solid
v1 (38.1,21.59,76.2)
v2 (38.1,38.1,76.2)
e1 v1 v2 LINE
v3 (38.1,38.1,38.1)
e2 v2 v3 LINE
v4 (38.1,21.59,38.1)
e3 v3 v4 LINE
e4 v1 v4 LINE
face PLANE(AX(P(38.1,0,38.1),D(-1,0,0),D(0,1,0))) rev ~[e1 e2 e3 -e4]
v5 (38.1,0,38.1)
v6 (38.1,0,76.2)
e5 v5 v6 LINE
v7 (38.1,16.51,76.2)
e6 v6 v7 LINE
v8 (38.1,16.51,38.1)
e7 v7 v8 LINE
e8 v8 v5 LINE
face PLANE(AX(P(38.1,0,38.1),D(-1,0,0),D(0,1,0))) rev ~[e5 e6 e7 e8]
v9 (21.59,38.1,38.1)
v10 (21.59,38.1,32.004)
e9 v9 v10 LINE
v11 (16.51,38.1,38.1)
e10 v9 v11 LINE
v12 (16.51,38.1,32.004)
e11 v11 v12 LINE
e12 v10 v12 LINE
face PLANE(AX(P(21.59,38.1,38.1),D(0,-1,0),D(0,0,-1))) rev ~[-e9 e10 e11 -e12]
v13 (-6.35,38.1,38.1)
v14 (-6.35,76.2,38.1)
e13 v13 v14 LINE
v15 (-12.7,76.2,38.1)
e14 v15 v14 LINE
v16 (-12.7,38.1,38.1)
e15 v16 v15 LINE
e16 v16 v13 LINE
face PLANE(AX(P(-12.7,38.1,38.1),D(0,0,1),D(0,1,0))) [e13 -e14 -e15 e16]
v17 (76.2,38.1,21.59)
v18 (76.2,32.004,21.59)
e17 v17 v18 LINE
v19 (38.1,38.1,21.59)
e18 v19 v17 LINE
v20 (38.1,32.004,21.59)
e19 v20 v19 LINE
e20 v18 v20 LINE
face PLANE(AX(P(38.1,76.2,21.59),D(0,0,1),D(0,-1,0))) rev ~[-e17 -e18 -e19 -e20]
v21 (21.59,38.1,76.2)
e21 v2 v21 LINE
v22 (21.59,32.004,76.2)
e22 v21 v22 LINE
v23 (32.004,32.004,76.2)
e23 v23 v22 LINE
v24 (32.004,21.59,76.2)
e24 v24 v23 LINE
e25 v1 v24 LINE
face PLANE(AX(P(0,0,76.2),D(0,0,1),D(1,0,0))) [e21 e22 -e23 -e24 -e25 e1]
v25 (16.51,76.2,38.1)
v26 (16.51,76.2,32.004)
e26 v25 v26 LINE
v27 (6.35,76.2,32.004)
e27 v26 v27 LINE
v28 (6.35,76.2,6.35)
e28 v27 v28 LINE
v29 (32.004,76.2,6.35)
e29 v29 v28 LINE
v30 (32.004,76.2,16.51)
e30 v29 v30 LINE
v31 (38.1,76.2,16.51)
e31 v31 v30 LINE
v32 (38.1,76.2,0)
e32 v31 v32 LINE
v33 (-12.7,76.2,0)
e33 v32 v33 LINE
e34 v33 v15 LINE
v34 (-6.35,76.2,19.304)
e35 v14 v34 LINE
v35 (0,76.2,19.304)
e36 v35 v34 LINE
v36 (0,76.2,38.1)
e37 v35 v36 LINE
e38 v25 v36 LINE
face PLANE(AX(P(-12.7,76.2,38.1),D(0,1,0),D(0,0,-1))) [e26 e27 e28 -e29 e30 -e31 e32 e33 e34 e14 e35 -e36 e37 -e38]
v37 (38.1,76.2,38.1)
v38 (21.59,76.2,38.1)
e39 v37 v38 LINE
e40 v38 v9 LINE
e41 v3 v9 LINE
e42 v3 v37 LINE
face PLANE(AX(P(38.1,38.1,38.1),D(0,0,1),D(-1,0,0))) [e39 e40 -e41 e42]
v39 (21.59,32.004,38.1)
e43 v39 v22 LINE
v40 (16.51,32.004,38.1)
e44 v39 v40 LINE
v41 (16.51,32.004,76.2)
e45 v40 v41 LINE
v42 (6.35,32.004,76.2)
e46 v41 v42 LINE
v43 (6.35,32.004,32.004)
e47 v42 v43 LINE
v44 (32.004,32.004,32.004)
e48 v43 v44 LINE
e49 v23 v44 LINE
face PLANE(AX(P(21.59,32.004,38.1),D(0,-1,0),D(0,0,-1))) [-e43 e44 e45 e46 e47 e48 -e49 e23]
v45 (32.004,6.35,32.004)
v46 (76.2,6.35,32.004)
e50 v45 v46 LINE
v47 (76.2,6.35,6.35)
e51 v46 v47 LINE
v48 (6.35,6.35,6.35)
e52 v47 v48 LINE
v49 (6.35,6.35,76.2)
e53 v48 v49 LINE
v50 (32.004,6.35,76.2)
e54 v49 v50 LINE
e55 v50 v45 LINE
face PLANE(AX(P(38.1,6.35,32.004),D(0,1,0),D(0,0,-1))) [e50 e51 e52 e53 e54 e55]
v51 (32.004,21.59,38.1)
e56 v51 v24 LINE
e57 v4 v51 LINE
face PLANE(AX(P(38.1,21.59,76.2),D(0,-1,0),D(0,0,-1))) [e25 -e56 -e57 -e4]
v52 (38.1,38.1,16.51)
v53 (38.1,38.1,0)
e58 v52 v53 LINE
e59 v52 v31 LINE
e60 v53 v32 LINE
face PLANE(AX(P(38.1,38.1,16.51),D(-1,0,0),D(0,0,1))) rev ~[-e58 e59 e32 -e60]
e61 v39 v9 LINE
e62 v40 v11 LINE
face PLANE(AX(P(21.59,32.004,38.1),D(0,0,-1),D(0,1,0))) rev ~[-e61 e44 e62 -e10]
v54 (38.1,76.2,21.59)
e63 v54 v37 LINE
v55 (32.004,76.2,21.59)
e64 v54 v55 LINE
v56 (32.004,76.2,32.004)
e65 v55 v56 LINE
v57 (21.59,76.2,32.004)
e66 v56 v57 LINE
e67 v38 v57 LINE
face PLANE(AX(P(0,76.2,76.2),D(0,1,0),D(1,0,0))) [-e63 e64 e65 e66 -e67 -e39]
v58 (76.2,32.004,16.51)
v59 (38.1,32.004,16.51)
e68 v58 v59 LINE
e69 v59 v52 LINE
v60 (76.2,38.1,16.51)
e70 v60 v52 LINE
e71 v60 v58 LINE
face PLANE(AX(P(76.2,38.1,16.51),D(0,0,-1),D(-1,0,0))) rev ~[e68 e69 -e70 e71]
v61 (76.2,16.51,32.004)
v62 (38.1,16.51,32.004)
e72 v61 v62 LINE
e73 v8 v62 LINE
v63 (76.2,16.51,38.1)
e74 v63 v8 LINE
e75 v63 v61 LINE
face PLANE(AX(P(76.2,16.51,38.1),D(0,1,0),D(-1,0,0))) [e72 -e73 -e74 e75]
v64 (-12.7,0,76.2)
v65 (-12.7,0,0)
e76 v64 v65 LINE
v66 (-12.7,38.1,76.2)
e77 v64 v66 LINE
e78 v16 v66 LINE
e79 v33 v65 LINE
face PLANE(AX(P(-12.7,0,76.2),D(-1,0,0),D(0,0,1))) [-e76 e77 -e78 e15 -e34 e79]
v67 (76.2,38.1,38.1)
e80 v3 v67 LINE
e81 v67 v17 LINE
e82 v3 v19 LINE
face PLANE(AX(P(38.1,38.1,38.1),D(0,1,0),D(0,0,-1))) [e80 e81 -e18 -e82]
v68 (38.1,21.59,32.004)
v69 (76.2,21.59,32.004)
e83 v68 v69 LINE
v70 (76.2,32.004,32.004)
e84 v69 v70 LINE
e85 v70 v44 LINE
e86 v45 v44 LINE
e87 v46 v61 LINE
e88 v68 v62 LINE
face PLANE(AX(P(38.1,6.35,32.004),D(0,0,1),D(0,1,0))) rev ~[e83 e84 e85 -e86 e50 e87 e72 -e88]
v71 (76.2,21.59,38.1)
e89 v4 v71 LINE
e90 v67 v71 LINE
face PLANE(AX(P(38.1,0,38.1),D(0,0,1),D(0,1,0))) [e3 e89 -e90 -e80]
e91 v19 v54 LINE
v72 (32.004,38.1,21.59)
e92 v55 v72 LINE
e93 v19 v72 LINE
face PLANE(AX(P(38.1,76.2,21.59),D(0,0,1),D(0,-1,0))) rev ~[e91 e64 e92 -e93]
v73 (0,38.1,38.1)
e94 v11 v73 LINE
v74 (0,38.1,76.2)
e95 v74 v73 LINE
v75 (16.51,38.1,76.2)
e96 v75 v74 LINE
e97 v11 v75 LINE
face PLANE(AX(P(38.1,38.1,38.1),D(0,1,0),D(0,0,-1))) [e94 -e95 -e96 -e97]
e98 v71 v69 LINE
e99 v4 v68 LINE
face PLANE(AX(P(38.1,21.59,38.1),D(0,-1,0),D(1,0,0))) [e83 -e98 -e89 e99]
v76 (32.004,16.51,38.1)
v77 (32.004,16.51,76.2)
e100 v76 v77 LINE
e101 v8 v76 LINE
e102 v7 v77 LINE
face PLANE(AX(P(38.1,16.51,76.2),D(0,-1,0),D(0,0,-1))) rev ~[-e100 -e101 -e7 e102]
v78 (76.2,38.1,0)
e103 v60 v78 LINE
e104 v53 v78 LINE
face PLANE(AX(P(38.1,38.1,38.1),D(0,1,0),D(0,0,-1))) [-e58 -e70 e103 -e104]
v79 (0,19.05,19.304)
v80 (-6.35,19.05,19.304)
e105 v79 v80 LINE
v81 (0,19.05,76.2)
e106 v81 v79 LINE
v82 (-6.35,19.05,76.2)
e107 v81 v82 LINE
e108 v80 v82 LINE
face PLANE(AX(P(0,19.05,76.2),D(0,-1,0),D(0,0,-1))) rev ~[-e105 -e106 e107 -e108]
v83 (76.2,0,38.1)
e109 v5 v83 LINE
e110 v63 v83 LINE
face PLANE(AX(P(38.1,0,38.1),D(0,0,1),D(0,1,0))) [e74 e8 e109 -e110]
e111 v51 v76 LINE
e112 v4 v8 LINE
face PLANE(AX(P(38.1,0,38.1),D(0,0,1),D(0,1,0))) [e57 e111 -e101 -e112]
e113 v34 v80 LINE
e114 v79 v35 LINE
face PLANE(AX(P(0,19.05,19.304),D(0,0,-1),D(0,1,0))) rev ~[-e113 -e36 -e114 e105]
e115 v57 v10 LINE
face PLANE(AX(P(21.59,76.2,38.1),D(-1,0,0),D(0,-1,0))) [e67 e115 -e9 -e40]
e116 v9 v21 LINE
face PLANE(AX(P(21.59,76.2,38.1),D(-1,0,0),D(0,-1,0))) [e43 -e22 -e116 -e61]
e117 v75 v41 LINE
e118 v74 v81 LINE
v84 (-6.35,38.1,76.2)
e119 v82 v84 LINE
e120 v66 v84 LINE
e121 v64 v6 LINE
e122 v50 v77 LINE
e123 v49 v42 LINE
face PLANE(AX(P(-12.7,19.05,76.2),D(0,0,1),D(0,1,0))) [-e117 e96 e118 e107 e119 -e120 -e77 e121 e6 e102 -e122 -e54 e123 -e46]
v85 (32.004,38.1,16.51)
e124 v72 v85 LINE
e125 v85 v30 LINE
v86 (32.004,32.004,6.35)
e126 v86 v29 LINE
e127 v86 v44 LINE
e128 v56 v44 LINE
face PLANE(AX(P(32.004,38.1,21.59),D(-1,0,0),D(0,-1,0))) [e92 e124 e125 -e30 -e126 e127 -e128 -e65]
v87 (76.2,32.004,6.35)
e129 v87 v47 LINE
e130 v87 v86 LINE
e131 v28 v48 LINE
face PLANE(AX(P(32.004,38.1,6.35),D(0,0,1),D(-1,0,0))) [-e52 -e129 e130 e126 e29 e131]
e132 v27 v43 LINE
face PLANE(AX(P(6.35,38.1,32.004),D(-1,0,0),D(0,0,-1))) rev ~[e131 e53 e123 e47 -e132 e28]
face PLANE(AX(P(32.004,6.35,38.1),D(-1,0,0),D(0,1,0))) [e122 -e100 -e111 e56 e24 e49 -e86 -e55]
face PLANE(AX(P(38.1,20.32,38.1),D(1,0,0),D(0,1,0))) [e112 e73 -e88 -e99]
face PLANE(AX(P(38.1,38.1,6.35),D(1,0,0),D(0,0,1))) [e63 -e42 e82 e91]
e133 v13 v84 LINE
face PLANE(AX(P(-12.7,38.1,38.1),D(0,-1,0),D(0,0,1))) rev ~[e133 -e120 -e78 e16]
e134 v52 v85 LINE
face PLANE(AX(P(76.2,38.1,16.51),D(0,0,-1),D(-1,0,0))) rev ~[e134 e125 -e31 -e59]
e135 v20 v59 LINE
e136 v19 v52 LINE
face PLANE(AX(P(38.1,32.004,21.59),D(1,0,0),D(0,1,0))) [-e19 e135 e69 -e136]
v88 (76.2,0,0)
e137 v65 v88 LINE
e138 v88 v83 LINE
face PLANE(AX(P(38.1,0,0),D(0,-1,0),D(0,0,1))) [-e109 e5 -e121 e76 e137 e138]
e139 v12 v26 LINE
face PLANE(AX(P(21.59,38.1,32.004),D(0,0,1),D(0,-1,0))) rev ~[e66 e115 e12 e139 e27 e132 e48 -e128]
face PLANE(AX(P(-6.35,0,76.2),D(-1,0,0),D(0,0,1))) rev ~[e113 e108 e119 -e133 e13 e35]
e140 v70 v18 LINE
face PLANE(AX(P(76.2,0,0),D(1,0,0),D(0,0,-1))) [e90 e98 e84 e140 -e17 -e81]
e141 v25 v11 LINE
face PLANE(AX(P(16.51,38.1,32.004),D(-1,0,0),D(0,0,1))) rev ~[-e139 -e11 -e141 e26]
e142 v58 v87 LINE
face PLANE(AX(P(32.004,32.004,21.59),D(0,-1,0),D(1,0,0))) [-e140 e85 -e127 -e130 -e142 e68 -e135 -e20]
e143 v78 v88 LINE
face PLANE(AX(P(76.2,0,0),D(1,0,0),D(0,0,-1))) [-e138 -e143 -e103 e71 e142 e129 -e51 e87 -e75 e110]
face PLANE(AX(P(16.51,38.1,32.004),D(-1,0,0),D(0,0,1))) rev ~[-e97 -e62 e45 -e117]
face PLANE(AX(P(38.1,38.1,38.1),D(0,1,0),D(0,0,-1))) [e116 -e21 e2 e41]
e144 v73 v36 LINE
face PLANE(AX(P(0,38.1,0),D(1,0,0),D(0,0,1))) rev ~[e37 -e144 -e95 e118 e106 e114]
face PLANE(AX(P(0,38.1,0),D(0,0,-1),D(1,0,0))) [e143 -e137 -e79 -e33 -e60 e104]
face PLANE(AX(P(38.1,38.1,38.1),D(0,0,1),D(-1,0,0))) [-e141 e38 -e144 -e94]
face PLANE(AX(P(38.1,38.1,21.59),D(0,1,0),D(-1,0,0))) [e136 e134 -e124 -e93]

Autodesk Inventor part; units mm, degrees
ref_plane "YZ Plane" through (0, 0, 0) normal (1, 0, 0) x (0, 1, 0)
ref_plane "XZ Plane" through (0, 0, 0) normal (0, 1, 0) x (-1, 0, 0)
ref_plane "XY Plane" through (0, 0, 0) normal (0, 0, 1) x (1, 0, 0)
sketch "Sketch1" plane through (0, 0, 0) normal (0, 0, 1) x (1, 0, 0)
  line L0 (0, 0) -> (38.1, 0)
  line L1 (38.1, 0) -> (38.1, 38.1)
  line L2 (38.1, 38.1) -> (0, 38.1)
  line L3 (0, 38.1) -> (0, 0)
  dimension "d0" = 38.1
  dimension "d1" = 38.1
extrude "Extrusion1" add sketch "Sketch1" along normal blind 38.1
sketch "Sketch2" plane through (0, 0, 38.1) normal (0, 0, 1) x (1, 0, 0)
  line L0 (6.35, 6.35) -> (32.004, 6.35)
  line L1 (32.004, 6.35) -> (32.004, 32.004)
  line L2 (32.004, 32.004) -> (6.35, 32.004)
  line L3 (6.35, 32.004) -> (6.35, 6.35)
  line L4 (38.1, 0) -> (38.1, 38.1) projected
  line L5 (0, 0) -> (38.1, 0)
  line L6 (38.1, 0) -> (38.1, 38.1)
  line L7 (38.1, 38.1) -> (0, 38.1)
  line L8 (0, 38.1) -> (0, 0)
  dimension "d4" = 25.654
  dimension "d5" = 25.654
extrude "Extrusion2" cut sketch "Sketch2" against normal blind 31.75 contours L3 L2 L1 L0
sketch "Sketch5" plane through (0, 0, 38.1) normal (0, 0, 1) x (1, 0, 0)
  line L0 (6.35, 6.35) -> (6.35, 32.004) projected
  line L1 (6.35, 6.35) -> (32.004, 6.35)
  line L2 (32.004, 6.35) -> (32.004, 32.004)
  line L3 (32.004, 32.004) -> (6.35, 32.004)
  line L4 (6.35, 32.004) -> (6.35, 6.35)
  line L5 (0, 0) -> (38.1, 0) projected
  line L6 (0, 0) -> (38.1, 0)
  line L7 (38.1, 0) -> (38.1, 38.1)
  line L8 (38.1, 38.1) -> (0, 38.1)
  line L9 (0, 38.1) -> (0, 0)
extrude "Extrusion4" add sketch "Sketch5" along normal blind 38.1
sketch "Sketch7" plane through (38.1, 0, 0) normal (1, 0, 0) x (0, 0, -1)
  line L0 (0, 0) -> (-76.2, 0) projected
  line L1 (0, 0) -> (-38.1, 0)
  line L2 (-38.1, 0) -> (-38.1, 38.1)
  line L3 (-38.1, 38.1) -> (0, 38.1)
  line L4 (0, 38.1) -> (0, 0)
  line L5 (-76.2, 6.35) -> (-6.35, 6.35) projected
  line L6 (-6.35, 6.35) -> (-32.004, 6.35)
  line L7 (-32.004, 6.35) -> (-32.004, 32.004)
  line L8 (-32.004, 32.004) -> (-6.35, 32.004)
  line L9 (-6.35, 32.004) -> (-6.35, 6.35)
  dimension "d16" = 38.1
  dimension "d17" = 38.1
  dimension "d20" = 25.654
  dimension "d21" = 25.654
extrude "Extrusion6" add sketch "Sketch7" along normal blind 38.1
sketch "Sketch9" plane through (38.1, 6.35, 6.35) normal (1, 0, 0) x (0, 0, -1)
  line L0 (-25.654, 0) -> (-25.654, 25.654) projected
  line L1 (0, 0) -> (0, 25.654) projected
  line L2 (-25.654, 0) -> (0, 0)
  line L3 (0, 0) -> (0, 25.654)
  line L4 (0, 25.654) -> (-25.654, 25.654)
  line L5 (-25.654, 25.654) -> (-25.654, 0)
  point P0 (6.35, -6.35)
extrude "Extrusion7" cut sketch "Sketch9" against normal blind 31.75
sketch "Sketch10" plane through (0, 38.1, 76.2) normal (0, 1, 0) x (1, 0, 0)
  line L0 (76.2, 69.85) -> (6.35, 69.85) projected
  line L1 (6.35, 69.85) -> (32.004, 69.85)
  line L2 (32.004, 69.85) -> (32.004, 44.196)
  line L3 (32.004, 44.196) -> (6.35, 44.196)
  line L4 (6.35, 44.196) -> (6.35, 69.85)
  line L5 (38.1, 38.1) -> (38.1, 0) projected
  line L6 (0, 76.2) -> (0, 0) projected
  line L7 (38.1, 38.1) -> (0, 38.1)
  line L8 (0, 38.1) -> (0, 76.2)
  line L9 (0, 76.2) -> (38.1, 76.2)
  line L10 (38.1, 76.2) -> (38.1, 38.1)
  point P0 (0, 38.1)
  dimension "d26" = 25.654
  dimension "d27" = 25.654
extrude "Extrusion8" add sketch "Sketch10" along normal blind 38.1
sketch "Sketch11" plane through (6.35, 38.1, 6.35) normal (0, 1, 0) x (1, 0, 0)
  line L0 (0, -25.654) -> (25.654, -25.654) projected
  line L1 (25.654, -25.654) -> (0, -25.654)
  line L2 (0, -25.654) -> (0, 0)
  line L3 (0, 0) -> (25.654, 0)
  line L4 (25.654, 0) -> (25.654, -25.654)
  point P0 (-6.35, 6.35)
extrude "Extrusion9" cut sketch "Sketch11" against normal blind 6.35
sketch "Sketch12" plane through (0, 76.2, 76.2) normal (0, 1, 0) x (1, 0, 0)
  line L0 (38.1, 55.88) -> (32.004, 55.88)
  line L1 (32.004, 55.88) -> (32.004, 58.42)
  line L2 (32.004, 58.42) -> (38.1, 58.42)
  line L3 (38.1, 58.42) -> (38.1, 55.88)
  point P0 (0, 76.2)
  dimension "d32" = 6.096
  dimension "d33" = 2.54
extrude "Extrusion10" cut sketch "Sketch12" against normal blind 38.1
sketch "Sketch13" plane through (76.2, 38.1, 38.1) normal (0, 1, 0) x (1, 0, 0)
  line L0 (0, 31.75) -> (0, 6.096) projected
  line L1 (-44.196, 17.78) -> (0, 17.78)
  line L2 (0, 17.78) -> (0, 20.32)
  line L3 (0, 20.32) -> (-44.196, 20.32)
  line L4 (-44.196, 20.32) -> (-44.196, 17.78)
  point P0 (-76.2, 38.1)
  dimension "d36" = 2.54
extrude "Extrusion11" cut sketch "Sketch13" against normal blind 6.35
sketch "Sketch15" plane through (0, 76.2, 76.2) normal (0, 1, 0) x (1, 0, 0)
  line L0 (17.78, 38.1) -> (20.32, 38.1)
  line L1 (20.32, 38.1) -> (20.32, 44.196)
  line L2 (20.32, 44.196) -> (17.78, 44.196)
  line L3 (17.78, 44.196) -> (17.78, 38.1)
  point P0 (0, 76.2)
  dimension "d39" = 2.54
  dimension "d40" = 6.096
extrude "Extrusion12" cut sketch "Sketch15" against normal blind 38.1
sketch "Sketch16" plane through (0, 38.1, 76.2) normal (0, 1, 0) x (1, 0, 0)
  line L0 (20.32, 44.196) -> (20.32, 38.1) projected
  line L1 (0, 0) -> (38.1, 0) projected
  line L2 (20.32, 44.196) -> (17.78, 44.196)
  line L3 (17.78, 44.196) -> (17.78, 0)
  line L4 (17.78, 0) -> (20.32, 0)
  line L5 (20.32, 0) -> (20.32, 44.196)
  point P0 (0, 76.2)
  dimension "d43" = 2.54
extrude "Extrusion13" cut sketch "Sketch16" against normal blind 6.35
sketch "Sketch17" plane through (38.1, 0, 76.2) normal (1, 0, 0) x (0, 0, -1)
  line L0 (38.1, 0) -> (38.1, 38.1) projected
  line L1 (0, 17.78) -> (38.1, 17.78)
  line L2 (38.1, 17.78) -> (38.1, 20.32)
  line L3 (38.1, 20.32) -> (0, 20.32)
  line L4 (0, 20.32) -> (0, 17.78)
  point P0 (76.2, 0)
  dimension "d46" = 2.54
extrude "Extrusion14" cut sketch "Sketch17" against normal blind 6.35
sketch "Sketch18" plane through (38.1, 0, 38.1) normal (0, 0, 1) x (1, 0, 0)
  line L0 (0, 17.78) -> (38.1, 17.78)
  line L1 (38.1, 17.78) -> (38.1, 20.32)
  line L2 (38.1, 20.32) -> (0, 20.32)
  line L3 (0, 20.32) -> (0, 17.78)
  point P0 (-38.1, 0)
  dimension "d49" = 38.1
  dimension "d50" = 2.54
extrude "Extrusion15" cut sketch "Sketch18" against normal blind 6.35
sketch "Sketch20" plane through (38.1, 38.1, 38.1) normal (0, 0, 1) x (1, 0, 0)
  line L0 (-17.78, -6.096) -> (-17.78, 38.1) projected
  line L1 (0, 0) -> (-17.78, 0) projected
  line L2 (-17.78, 38.1) -> (-16.51, 38.1)
  line L3 (-16.51, 38.1) -> (-16.51, 0)
  line L4 (-16.51, 0) -> (-17.78, 0)
  line L5 (-17.78, 0) -> (-17.78, 38.1)
  point P0 (-38.1, -38.1)
  dimension "d53" = 1.27
extrude "Extrusion16" cut sketch "Sketch20" against normal blind 6.35
sketch "Sketch21" plane through (38.1, 38.1, 76.2) normal (0, 1, 0) x (1, 0, 0)
  line L0 (-17.78, 0) -> (-17.78, 44.196) projected
  line L1 (0, 0) -> (-17.78, 0) projected
  line L2 (-17.78, 44.196) -> (-16.51, 44.196)
  line L3 (-16.51, 44.196) -> (-16.51, 0)
  line L4 (-16.51, 0) -> (-17.78, 0)
  line L5 (-17.78, 0) -> (-17.78, 44.196)
  point P0 (-38.1, 76.2)
  dimension "d56" = 1.27
extrude "Extrusion17" cut sketch "Sketch21" against normal blind 6.35
sketch "Sketch23" plane through (0, 38.1, 38.1) normal (0, 0, 1) x (1, 0, 0)
  line L0 (17.78, 0) -> (17.78, 38.1) projected
  line L1 (17.78, 0) -> (0, 0) projected
  line L2 (17.78, 38.1) -> (16.51, 38.1)
  line L3 (16.51, 38.1) -> (16.51, 0)
  line L4 (16.51, 0) -> (17.78, 0)
  line L5 (17.78, 0) -> (17.78, 38.1)
  point P0 (0, -38.1)
  dimension "d59" = 1.27
extrude "Extrusion18" cut sketch "Sketch23" against normal blind 6.35
sketch "Sketch24" plane through (0, 38.1, 76.2) normal (0, 1, 0) x (1, 0, 0)
  line L0 (17.78, 44.196) -> (17.78, 0) projected
  line L1 (17.78, 0) -> (0, 0) projected
  line L2 (17.78, 44.196) -> (16.51, 44.196)
  line L3 (16.51, 44.196) -> (16.51, 0)
  line L4 (16.51, 0) -> (17.78, 0)
  line L5 (17.78, 0) -> (17.78, 44.196)
  point P0 (0, 76.2)
  dimension "d62" = 1.27
extrude "Extrusion19" cut sketch "Sketch24" against normal blind 6.35
sketch "Sketch25" plane through (38.1, 0, 76.2) normal (1, 0, 0) x (0, 0, -1)
  line L0 (38.1, 0) -> (38.1, 17.78) projected
  line L1 (38.1, 17.78) -> (0, 17.78)
  line L2 (0, 17.78) -> (0, 16.51)
  line L3 (0, 16.51) -> (38.1, 16.51)
  line L4 (38.1, 16.51) -> (38.1, 17.78)
  point P0 (76.2, 0)
  dimension "d65" = 38.1
  dimension "d66" = 1.27
extrude "Extrusion20" cut sketch "Sketch25" against normal blind 6.35
sketch "Sketch26" plane through (38.1, 38.1, 76.2) normal (1, 0, 0) x (0, 0, -1)
  line L0 (0, -17.78) -> (38.1, -17.78) projected
  line L1 (38.1, -17.78) -> (0, -17.78)
  line L2 (0, -17.78) -> (0, -16.51)
  line L3 (0, -16.51) -> (38.1, -16.51)
  line L4 (38.1, -16.51) -> (38.1, -17.78)
  point P0 (76.2, -38.1)
  dimension "d69" = 38.1
  dimension "d70" = 1.27
extrude "Extrusion21" cut sketch "Sketch26" against normal blind 6.35
sketch "Sketch27" plane through (38.1, 0, 38.1) normal (0, 0, 1) x (1, 0, 0)
  line L0 (0, 21.59) -> (0, 38.1) projected
  line L1 (0, 20.32) -> (38.1, 20.32) projected
  line L2 (0, 21.59) -> (38.1, 21.59)
  line L3 (38.1, 21.59) -> (38.1, 20.32)
  line L4 (38.1, 20.32) -> (0, 20.32)
  line L5 (0, 20.32) -> (0, 21.59)
  line L6 (38.1, 17.78) -> (0, 17.78) projected
  line L7 (0, 17.78) -> (38.1, 17.78)
  line L8 (38.1, 17.78) -> (38.1, 16.51)
  line L9 (38.1, 16.51) -> (0, 16.51)
  line L10 (0, 16.51) -> (0, 17.78)
  point P0 (-38.1, 0)
  dimension "d73" = 38.1
  dimension "d74" = 1.27
extrude "Extrusion22" cut sketch "Sketch27" against normal blind 6.35
sketch "Sketch28" plane through (38.1, 38.1, 38.1) normal (0, 1, 0) x (1, 0, 0)
  line L0 (0, 20.32) -> (38.1, 20.32) projected
  line L1 (0, 20.32) -> (38.1, 20.32)
  line L2 (38.1, 20.32) -> (38.1, 21.59)
  line L3 (38.1, 21.59) -> (0, 21.59)
  line L4 (0, 21.59) -> (0, 20.32)
  line L5 (-6.096, 17.78) -> (38.1, 17.78) projected
  line L6 (38.1, 17.78) -> (0, 17.78)
  line L7 (0, 17.78) -> (0, 16.51)
  line L8 (0, 16.51) -> (38.1, 16.51)
  line L9 (38.1, 16.51) -> (38.1, 17.78)
  point P0 (-38.1, 38.1)
  point P1 (0, 17.78)
  dimension "d77" = 38.1
  dimension "d78" = 1.27
  dimension "d79" = 38.1
  dimension "d80" = 1.27
extrude "Extrusion23" cut sketch "Sketch28" against normal blind 6.35
sketch "Sketch29" plane through (38.1, 38.1, 0) normal (1, 0, 0) x (0, 0, -1)
  line L0 (-17.78, -6.096) -> (-6.35, -6.096) projected
  line L1 (-6.35, 38.1) -> (-17.78, 38.1) projected
  line L2 (-17.78, -6.096) -> (-16.51, -6.096)
  line L3 (-16.51, -6.096) -> (-16.51, 38.1)
  line L4 (-16.51, 38.1) -> (-17.78, 38.1)
  line L5 (-17.78, 38.1) -> (-17.78, -6.096)
  line L6 (-21.59, 0) -> (-21.59, -6.096) projected
  line L7 (-20.32, 38.1) -> (-20.32, -6.096) projected
  line L8 (-21.59, -6.096) -> (-20.32, -6.096)
  line L9 (-20.32, -6.096) -> (-20.32, 38.1)
  line L10 (-20.32, 38.1) -> (-21.59, 38.1)
  line L11 (-21.59, 38.1) -> (-21.59, -6.096)
  point P0 (0, -38.1)
  point P1 (-20.32, -6.096)
  dimension "d83" = 1.27
extrude "Extrusion24" cut sketch "Sketch29" against normal blind 6.35
sketch "Sketch30" plane through (76.2, 38.1, 21.59) normal (0, 0, -1) x (-1, 0, 0)
  line L0 (0, 0) -> (38.1, 0) projected
  line L1 (44.196, 38.1) -> (44.196, -6.096) projected
  line L2 (38.1, 0) -> (44.196, 0)
  line L3 (44.196, 0) -> (44.196, -6.096)
  line L4 (44.196, -6.096) -> (38.1, -6.096)
  line L5 (38.1, -6.096) -> (38.1, 0)
  point P0 (76.2, -38.1)
  point P1 (44.196, 0)
extrude "Extrusion25" add sketch "Sketch30" along normal blind 5.08
sketch "Sketch31" plane through (21.59, 38.1, 38.1) normal (-1, 0, 0) x (0, 0, 1)
  line L0 (38.1, -6.096) -> (-6.096, -6.096) projected
  line L1 (0, 0) -> (-6.096, 0)
  line L2 (-6.096, 0) -> (-6.096, -6.096)
  line L3 (-6.096, -6.096) -> (0, -6.096)
  line L4 (0, -6.096) -> (0, 0)
  point P0 (-38.1, -38.1)
extrude "Extrusion26" add sketch "Sketch31" along normal blind 5.08
sketch "Sketch32" plane through (0, 0, 76.2) normal (-1, 0, 0) x (0, 0, 1)
  line L0 (0, 38.1) -> (0, 0) projected
  line L1 (0, 19.05) -> (-76.2, 19.05)
  line L2 (-76.2, 19.05) -> (-76.2, 0)
  line L3 (-76.2, 0) -> (0, 0)
  line L4 (0, 0) -> (0, 19.05)
  line L5 (-76.2, 0) -> (-56.896, 0)
  line L6 (-56.896, 0) -> (-56.896, 76.2)
  line L7 (-56.896, 76.2) -> (-76.2, 76.2)
  line L8 (-76.2, 76.2) -> (-76.2, 0)
  point P0 (0, 0)
  point P1 (-56.896, 19.05)
  dimension "d90" = 19.304
  dimension "d91" = 76.2
extrude "Extrusion27" add sketch "Sketch32" along normal blind 12.7
sketch "Sketch33" plane through (-12.7, 0, 76.2) normal (-1, 0, 0) x (0, 0, 1)
  line L0 (-56.896, 19.05) -> (0, 19.05) projected
  line L1 (-56.896, 19.05) -> (0, 19.05)
  line L2 (0, 19.05) -> (0, 76.2)
  line L3 (0, 76.2) -> (-56.896, 76.2)
  line L4 (-56.896, 76.2) -> (-56.896, 19.05)
  line L5 (-38.1, 38.1) -> (-38.1, 76.2) projected
  line L6 (0, 76.2) -> (-38.1, 76.2)
  line L7 (-38.1, 76.2) -> (-38.1, 38.1)
  line L8 (-38.1, 38.1) -> (0, 38.1)
  line L9 (0, 38.1) -> (0, 76.2)
  point P0 (-76.2, 0)
  dimension "d94" = 56.896
  dimension "d95" = 57.15
extrude "Extrusion28" add sketch "Sketch33" against normal blind 6.35 contours L4 L3 L5 L8 L2 L0
properties part number "corner connector w rail (back)"
